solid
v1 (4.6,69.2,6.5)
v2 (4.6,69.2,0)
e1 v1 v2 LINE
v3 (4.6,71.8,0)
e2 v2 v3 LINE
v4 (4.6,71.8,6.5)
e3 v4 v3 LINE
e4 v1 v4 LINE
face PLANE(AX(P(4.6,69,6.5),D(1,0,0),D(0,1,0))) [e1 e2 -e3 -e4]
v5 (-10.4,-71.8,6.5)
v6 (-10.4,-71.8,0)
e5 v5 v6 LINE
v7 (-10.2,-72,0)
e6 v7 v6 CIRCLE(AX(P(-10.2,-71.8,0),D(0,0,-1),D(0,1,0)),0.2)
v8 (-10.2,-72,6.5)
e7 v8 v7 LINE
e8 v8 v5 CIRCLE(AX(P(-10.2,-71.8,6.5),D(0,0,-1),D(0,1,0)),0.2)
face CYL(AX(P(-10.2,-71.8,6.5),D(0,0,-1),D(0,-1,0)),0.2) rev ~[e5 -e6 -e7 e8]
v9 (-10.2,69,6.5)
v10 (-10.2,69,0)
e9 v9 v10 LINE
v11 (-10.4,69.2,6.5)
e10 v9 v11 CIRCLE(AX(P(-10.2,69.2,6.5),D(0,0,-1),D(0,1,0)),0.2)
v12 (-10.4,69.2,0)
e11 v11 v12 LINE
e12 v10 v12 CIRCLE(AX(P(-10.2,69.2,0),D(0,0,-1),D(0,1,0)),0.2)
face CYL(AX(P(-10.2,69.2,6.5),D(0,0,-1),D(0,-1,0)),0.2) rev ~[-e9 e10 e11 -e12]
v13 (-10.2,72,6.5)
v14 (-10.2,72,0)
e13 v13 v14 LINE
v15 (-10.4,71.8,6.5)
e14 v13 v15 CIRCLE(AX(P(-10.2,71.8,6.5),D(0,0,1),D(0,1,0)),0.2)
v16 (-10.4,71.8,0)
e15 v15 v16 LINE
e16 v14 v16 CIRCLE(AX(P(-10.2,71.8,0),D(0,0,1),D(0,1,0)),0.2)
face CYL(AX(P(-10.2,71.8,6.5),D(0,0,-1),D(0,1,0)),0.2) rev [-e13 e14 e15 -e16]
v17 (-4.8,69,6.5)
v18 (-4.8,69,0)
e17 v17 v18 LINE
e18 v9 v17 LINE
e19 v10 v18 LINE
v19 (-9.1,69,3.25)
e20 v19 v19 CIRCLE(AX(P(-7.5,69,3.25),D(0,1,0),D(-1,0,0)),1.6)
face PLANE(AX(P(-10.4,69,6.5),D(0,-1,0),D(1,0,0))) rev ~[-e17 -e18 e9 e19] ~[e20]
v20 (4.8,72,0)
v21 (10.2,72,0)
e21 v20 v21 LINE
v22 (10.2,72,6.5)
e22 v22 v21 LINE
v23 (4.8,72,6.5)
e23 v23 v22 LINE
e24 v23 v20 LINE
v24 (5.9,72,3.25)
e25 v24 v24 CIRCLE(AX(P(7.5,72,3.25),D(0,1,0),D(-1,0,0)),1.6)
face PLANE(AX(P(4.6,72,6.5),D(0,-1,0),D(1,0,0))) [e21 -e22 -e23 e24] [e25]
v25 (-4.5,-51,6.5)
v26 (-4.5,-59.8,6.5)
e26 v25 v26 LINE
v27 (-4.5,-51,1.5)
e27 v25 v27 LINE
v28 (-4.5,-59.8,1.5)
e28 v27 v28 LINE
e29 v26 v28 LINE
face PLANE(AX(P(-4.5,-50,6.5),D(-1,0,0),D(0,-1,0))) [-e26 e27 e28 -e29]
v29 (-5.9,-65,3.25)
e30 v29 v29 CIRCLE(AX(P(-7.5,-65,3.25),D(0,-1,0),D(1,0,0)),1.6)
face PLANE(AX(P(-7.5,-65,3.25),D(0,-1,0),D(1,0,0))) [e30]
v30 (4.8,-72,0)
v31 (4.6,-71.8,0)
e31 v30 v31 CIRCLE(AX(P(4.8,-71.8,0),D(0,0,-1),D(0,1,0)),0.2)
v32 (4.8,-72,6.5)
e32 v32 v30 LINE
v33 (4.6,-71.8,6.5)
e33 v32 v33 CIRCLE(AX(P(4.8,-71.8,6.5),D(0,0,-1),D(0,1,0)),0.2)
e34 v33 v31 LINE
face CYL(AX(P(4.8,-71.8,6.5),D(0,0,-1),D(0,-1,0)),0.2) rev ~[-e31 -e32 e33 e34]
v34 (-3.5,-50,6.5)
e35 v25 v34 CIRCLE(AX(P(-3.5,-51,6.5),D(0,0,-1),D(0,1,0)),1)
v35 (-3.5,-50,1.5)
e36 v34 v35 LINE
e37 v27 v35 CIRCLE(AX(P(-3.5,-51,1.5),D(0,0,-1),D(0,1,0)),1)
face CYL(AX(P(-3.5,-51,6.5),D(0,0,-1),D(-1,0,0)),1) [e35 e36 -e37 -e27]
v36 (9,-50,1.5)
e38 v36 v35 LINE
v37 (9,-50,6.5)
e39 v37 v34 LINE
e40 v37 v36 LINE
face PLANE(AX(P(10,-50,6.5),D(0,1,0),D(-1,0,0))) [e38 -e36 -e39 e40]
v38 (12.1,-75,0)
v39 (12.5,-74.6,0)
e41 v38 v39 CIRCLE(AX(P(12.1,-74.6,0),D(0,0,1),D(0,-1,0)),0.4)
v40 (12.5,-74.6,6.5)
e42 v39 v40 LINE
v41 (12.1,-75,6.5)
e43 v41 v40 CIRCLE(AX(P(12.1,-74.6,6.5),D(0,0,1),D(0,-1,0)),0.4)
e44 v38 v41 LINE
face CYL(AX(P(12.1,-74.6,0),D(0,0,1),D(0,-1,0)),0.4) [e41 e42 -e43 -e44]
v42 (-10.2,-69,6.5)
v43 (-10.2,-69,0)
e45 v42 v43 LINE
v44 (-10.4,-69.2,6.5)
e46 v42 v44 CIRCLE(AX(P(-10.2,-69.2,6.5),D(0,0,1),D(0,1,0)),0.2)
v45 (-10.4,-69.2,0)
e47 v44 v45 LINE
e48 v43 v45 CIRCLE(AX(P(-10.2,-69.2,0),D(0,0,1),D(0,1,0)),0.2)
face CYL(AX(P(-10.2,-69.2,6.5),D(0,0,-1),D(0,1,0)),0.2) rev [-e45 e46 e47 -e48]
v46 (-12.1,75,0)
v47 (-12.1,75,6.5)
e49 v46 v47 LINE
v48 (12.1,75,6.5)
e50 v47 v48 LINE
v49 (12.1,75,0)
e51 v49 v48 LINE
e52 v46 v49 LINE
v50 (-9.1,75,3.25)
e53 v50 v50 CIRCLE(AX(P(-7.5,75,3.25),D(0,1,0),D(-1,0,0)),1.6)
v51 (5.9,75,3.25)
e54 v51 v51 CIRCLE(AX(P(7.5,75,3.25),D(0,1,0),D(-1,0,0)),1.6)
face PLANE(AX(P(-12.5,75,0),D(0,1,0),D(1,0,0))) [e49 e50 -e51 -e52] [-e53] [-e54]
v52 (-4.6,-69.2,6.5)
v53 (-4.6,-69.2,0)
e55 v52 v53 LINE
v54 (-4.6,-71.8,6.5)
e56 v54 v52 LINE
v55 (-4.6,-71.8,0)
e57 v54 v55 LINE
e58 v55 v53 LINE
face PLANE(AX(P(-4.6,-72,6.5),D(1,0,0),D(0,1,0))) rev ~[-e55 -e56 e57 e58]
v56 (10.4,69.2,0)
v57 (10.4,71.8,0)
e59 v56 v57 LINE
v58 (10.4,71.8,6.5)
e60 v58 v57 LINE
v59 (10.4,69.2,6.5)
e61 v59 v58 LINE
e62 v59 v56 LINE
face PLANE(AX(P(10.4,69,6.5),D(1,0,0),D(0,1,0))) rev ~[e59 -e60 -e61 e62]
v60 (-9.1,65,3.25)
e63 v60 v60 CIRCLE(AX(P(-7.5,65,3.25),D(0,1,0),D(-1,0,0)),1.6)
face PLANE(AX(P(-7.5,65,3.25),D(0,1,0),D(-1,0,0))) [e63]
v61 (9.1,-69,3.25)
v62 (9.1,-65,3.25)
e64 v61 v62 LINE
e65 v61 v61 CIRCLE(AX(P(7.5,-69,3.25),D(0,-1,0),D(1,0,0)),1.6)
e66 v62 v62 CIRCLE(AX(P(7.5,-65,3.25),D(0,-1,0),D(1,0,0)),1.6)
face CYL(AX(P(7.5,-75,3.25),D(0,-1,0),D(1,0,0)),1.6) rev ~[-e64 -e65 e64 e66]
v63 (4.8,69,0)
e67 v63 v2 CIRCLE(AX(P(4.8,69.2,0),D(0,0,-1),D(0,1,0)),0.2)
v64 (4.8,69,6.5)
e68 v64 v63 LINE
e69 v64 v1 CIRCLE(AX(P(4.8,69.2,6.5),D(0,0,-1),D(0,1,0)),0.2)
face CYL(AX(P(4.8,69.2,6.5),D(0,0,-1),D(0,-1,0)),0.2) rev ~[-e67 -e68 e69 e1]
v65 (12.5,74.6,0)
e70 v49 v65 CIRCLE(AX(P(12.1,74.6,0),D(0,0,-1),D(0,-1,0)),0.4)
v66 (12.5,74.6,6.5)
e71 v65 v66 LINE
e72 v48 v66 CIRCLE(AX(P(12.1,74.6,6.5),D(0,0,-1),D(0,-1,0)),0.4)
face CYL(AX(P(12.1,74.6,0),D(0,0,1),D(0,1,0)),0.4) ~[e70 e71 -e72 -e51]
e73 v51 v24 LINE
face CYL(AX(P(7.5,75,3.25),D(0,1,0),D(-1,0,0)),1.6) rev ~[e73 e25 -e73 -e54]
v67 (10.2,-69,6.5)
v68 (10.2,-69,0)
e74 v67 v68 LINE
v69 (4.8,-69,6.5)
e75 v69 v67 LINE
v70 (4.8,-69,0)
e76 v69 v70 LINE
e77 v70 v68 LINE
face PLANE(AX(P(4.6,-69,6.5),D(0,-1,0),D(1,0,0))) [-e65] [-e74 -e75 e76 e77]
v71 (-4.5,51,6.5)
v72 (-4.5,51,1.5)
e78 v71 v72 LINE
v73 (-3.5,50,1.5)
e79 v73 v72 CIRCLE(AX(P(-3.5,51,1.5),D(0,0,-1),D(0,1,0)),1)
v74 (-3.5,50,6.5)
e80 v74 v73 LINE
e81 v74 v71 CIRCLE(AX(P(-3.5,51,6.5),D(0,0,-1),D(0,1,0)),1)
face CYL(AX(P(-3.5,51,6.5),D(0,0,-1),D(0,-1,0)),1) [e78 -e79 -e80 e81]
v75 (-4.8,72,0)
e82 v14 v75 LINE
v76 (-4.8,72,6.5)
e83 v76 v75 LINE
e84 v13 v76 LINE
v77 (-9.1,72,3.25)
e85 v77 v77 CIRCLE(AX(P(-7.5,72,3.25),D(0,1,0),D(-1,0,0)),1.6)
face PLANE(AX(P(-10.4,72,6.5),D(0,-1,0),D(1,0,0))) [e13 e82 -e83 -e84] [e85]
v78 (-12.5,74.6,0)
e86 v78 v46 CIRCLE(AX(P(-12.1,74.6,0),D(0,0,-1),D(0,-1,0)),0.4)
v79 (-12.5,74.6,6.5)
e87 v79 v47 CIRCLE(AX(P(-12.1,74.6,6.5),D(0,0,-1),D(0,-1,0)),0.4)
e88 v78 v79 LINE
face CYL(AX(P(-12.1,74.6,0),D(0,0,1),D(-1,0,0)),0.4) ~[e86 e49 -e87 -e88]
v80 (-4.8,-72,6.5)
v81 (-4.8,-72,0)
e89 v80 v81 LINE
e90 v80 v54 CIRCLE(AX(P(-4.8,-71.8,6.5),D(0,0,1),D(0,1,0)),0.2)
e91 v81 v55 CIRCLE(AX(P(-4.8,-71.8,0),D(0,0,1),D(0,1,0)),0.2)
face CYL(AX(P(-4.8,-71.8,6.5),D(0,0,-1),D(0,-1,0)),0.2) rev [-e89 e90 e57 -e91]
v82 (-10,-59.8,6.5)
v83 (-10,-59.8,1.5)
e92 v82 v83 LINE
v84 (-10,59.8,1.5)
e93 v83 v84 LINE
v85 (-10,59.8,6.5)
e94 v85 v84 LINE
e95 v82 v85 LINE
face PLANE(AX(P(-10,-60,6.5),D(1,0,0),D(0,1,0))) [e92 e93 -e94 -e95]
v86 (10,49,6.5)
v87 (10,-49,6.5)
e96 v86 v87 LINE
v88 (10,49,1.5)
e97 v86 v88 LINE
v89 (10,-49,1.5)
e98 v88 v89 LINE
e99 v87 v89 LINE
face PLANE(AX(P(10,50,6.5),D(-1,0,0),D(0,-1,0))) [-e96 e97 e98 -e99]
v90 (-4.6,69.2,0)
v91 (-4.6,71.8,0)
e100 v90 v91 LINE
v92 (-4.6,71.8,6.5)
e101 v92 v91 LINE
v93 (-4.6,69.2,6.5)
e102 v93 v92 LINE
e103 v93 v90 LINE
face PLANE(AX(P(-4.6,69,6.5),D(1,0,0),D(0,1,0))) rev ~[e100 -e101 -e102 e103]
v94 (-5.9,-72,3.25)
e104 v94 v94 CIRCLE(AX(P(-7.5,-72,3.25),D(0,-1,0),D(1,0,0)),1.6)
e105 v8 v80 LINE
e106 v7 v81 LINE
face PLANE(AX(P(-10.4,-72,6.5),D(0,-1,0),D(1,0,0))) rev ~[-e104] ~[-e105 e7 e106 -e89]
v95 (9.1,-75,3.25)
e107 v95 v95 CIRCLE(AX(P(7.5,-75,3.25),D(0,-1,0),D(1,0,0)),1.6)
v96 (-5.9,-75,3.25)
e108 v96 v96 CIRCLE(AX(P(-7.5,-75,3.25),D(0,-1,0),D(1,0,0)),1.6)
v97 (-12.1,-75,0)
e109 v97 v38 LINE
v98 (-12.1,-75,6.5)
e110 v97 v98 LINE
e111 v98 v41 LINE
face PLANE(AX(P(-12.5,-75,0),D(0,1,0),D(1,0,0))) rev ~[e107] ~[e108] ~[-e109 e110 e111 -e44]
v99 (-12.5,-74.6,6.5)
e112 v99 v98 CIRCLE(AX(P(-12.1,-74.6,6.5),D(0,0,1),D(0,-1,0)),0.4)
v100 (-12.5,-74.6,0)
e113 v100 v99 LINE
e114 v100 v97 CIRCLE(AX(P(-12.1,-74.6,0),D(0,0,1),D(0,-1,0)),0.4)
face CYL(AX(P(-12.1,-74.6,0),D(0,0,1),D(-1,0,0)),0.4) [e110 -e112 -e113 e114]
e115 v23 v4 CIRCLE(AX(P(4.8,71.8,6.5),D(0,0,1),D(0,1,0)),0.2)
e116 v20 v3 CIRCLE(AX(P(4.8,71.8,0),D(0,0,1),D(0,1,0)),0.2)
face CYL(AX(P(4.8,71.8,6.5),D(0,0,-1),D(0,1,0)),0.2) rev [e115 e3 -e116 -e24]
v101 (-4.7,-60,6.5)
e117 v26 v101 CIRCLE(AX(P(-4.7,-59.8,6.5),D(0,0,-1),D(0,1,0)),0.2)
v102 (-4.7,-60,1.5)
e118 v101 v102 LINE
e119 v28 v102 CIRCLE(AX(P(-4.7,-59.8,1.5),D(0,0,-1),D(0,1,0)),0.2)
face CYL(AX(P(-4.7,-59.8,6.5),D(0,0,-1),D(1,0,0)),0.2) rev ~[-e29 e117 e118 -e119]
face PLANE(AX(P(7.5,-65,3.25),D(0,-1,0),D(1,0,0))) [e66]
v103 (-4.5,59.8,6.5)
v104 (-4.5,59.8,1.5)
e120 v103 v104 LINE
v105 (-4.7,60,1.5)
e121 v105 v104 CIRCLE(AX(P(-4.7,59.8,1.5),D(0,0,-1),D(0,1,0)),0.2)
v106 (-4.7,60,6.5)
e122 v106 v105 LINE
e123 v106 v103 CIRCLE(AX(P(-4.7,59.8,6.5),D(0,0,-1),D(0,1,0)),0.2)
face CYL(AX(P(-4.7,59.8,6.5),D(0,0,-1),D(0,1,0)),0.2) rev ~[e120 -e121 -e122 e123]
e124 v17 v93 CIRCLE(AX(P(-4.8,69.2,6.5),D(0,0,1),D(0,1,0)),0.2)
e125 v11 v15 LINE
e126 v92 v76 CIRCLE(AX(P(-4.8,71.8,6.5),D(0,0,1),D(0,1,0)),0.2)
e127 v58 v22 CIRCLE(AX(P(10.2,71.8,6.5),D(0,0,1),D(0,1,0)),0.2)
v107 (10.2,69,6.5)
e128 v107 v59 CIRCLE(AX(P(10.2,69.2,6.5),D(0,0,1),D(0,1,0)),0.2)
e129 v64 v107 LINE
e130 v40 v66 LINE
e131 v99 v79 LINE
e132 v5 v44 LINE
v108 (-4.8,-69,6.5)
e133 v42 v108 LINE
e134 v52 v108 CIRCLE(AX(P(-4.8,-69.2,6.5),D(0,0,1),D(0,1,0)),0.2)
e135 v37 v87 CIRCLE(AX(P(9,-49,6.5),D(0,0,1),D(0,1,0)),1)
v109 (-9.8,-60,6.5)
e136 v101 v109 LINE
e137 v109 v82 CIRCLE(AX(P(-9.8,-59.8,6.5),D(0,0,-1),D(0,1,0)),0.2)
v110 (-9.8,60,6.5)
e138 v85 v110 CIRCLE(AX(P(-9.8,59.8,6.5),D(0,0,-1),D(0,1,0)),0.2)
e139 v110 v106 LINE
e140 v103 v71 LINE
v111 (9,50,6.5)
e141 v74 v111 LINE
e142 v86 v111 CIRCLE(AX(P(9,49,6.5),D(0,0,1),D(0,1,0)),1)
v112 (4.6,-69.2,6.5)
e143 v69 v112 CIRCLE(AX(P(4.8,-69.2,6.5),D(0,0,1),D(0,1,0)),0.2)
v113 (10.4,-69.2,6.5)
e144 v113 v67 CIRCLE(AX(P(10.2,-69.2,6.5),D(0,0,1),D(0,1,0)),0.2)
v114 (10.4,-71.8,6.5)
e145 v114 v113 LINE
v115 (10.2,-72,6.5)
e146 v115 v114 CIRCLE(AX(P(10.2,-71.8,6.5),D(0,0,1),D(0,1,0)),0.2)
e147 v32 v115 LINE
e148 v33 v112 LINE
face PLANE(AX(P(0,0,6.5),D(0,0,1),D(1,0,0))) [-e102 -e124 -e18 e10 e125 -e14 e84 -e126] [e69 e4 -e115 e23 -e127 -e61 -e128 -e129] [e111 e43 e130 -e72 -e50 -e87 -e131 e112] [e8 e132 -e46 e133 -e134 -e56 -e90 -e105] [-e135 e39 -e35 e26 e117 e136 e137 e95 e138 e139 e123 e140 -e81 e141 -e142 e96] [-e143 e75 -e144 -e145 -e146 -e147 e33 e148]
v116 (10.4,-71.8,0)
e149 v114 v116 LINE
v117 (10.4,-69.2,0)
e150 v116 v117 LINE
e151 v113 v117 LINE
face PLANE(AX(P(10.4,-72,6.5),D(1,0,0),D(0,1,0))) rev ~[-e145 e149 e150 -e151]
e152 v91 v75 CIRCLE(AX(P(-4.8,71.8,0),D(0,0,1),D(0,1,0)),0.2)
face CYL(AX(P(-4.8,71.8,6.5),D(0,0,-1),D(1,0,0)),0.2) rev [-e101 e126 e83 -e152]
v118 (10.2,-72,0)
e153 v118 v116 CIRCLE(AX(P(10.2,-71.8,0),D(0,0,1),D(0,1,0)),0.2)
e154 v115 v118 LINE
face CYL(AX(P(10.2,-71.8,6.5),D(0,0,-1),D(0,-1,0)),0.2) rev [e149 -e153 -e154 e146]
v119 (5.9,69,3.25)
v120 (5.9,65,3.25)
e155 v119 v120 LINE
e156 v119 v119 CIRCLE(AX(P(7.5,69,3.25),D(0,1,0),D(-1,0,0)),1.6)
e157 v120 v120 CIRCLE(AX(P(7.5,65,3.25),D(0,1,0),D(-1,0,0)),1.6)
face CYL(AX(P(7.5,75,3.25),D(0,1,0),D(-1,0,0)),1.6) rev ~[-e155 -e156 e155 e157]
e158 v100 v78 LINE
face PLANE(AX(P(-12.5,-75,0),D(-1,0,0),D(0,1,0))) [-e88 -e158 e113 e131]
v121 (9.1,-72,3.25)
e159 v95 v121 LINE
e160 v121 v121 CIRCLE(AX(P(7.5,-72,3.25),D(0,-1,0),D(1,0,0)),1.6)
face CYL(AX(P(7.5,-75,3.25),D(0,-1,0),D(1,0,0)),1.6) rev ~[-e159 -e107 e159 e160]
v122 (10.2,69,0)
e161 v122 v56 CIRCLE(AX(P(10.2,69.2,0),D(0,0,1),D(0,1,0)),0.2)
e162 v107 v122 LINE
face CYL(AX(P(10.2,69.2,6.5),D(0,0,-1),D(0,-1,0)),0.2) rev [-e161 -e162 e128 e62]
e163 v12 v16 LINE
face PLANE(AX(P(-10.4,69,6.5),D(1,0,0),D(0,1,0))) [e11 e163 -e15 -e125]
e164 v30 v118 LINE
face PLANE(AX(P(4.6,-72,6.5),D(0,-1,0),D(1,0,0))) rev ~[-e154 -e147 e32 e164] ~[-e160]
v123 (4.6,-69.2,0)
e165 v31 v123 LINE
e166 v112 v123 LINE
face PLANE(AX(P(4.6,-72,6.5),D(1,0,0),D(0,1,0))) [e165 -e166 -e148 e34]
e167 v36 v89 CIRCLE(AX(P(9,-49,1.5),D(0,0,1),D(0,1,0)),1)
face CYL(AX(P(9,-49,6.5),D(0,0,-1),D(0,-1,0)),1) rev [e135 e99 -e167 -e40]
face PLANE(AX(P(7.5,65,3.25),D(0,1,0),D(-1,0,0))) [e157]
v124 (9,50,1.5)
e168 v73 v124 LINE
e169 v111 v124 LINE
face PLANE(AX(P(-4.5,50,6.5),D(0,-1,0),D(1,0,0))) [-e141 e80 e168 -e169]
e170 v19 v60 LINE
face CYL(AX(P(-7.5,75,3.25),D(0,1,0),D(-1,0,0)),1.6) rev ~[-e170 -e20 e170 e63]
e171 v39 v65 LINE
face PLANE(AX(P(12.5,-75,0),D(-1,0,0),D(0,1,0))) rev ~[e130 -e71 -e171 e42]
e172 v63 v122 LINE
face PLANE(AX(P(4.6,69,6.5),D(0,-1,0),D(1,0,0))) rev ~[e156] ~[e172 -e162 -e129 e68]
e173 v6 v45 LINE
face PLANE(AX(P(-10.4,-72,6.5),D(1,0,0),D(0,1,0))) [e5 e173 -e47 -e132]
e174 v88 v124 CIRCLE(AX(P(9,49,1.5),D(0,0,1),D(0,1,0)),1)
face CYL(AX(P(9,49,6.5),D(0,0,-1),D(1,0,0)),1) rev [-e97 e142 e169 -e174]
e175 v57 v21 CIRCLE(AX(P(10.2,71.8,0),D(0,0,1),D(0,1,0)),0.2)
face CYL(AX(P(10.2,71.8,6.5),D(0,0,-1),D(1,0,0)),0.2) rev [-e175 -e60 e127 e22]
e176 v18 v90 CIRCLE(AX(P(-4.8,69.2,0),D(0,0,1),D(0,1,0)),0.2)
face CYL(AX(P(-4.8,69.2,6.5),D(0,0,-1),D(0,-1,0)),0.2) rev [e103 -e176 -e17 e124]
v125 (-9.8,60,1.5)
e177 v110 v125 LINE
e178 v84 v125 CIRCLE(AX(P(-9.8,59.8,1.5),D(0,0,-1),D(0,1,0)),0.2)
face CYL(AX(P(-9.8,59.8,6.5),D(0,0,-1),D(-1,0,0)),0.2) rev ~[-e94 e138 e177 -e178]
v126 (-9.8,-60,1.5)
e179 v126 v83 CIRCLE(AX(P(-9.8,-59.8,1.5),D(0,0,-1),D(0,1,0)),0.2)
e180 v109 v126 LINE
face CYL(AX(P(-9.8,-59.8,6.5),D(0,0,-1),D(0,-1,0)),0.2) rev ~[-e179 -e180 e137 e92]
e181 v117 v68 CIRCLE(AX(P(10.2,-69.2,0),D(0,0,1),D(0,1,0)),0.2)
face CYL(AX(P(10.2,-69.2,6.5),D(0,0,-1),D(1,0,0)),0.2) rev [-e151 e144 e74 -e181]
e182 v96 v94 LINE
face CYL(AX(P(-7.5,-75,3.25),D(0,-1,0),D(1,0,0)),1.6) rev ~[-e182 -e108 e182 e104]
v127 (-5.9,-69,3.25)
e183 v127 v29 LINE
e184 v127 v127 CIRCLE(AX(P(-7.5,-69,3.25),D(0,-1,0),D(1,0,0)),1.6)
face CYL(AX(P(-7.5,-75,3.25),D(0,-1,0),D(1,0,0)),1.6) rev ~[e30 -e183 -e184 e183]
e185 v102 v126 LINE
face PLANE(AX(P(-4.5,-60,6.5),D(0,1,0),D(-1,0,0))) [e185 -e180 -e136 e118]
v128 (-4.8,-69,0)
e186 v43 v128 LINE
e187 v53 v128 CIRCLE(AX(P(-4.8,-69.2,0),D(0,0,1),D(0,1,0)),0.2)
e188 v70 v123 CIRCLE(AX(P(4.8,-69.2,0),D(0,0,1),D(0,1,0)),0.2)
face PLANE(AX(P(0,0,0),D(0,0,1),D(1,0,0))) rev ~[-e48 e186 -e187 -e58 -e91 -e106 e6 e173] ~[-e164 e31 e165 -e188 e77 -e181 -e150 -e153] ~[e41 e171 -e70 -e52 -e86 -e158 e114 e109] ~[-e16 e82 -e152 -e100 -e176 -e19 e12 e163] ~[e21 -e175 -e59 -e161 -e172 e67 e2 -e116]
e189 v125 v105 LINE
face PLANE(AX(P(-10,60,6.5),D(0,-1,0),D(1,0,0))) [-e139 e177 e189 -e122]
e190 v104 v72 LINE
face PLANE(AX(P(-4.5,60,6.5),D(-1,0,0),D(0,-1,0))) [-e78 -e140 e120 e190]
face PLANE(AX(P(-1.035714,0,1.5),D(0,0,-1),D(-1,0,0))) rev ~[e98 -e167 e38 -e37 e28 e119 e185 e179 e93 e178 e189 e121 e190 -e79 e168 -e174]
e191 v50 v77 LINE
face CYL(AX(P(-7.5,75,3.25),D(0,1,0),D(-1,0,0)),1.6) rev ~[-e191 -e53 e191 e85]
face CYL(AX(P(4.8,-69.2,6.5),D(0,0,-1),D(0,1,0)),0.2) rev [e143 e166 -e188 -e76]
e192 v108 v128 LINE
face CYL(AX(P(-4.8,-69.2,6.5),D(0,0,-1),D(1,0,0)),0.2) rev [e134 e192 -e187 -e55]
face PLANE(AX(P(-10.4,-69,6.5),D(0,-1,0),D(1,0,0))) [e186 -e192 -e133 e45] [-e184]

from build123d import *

# Parameters (mm, degrees)
SKETCH_W        = 25
SKETCH_H        = 150
PAD_DEPTH       = 6.5
SKETCH001_R     = 1.6
POCKET_DEPTH    = 10
SKETCH002_R     = 1.6
POCKET001_DEPTH = 10
SKETCH003_W     = 5.8
SKETCH003_H     = 3
POCKET002_DEPTH = 6.5
FILLET_R        = 0.4
FILLET001_R     = 0.2
POCKET003_DEPTH = 5
FILLET002_R     = 1
FILLET003_R     = 0.2


with BuildPart() as part:
    # Sketch → Pad (new body)
    with BuildSketch(Plane.XY):
        Rectangle(SKETCH_W, SKETCH_H)
    extrude(amount=PAD_DEPTH)

    # Sketch001 (on Face3 of Pad) → Pocket (cut)
    with BuildSketch(Plane.XZ.offset(75)):
        with Locations((-7.5, 3.25)):
            Circle(SKETCH001_R)
        with Locations((7.5, 3.25)):
            Circle(SKETCH001_R)
    extrude(amount=-POCKET_DEPTH, mode=Mode.SUBTRACT)

    # Sketch002 (on Face1 of Pocket) → Pocket001 (cut)
    with BuildSketch(Plane(origin=(0, 75, 0), x_dir=(-1, 0, 0), z_dir=(0, 1, 0))):
        with Locations((-7.5, 3.25)):
            Circle(SKETCH002_R)
        with Locations((7.5, 3.25)):
            Circle(SKETCH002_R)
    extrude(amount=-POCKET001_DEPTH, mode=Mode.SUBTRACT)

    # Sketch003 (on Face4 of Pocket001) → Pocket002 (cut)
    with BuildSketch(Plane.XY.offset(6.5)):
        with Locations((-7.5, 70.5)):
            Rectangle(SKETCH003_W, SKETCH003_H)
        with Locations((7.5, 70.5)):
            Rectangle(SKETCH003_W, SKETCH003_H)
        with Locations((-7.5, -70.5)):
            Rectangle(SKETCH003_W, SKETCH003_H)
        with Locations((7.5, -70.5)):
            Rectangle(SKETCH003_W, SKETCH003_H)
    extrude(amount=-POCKET002_DEPTH, mode=Mode.SUBTRACT)

    # Fillet
    fillet_edges = [part.edges().sort_by_distance(p)[0] for p in [
        (-12.5, -75, 3.25),
        (12.5, -75, 3.25),
        (12.5, 75, 3.25),
        (-12.5, 75, 3.25),
    ]]
    fillet(fillet_edges, radius=FILLET_R)

    # Fillet001
    fillet001_edges = [part.edges().sort_by_distance(p)[0] for p in [
        (-10.4, 72, 3.25),
        (4.6, 72, 3.25),
        (-10.4, -69, 3.25),
        (4.6, -69, 3.25),
        (-4.6, -69, 3.25),
        (10.4, -69, 3.25),
        (-4.6, 72, 3.25),
        (10.4, 72, 3.25),
        (10.4, 69, 3.25),
        (-4.6, 69, 3.25),
        (10.4, -72, 3.25),
        (-4.6, -72, 3.25),
        (-10.4, -72, 3.25),
        (4.6, -72, 3.25),
        (-10.4, 69, 3.25),
        (4.6, 69, 3.25),
    ]]
    fillet(fillet001_edges, radius=FILLET001_R)

    # Sketch004 (on Face42 of Fillet001) → Pocket003 (cut)
    with BuildSketch(Plane.XY.offset(6.5)):
        Polygon((-10, -60), (-10, 60), (-4.5, 60), (-4.5, 50), (10, 50), (10, -50), (-4.5, -50), (-4.5, -60), align=None)
    extrude(amount=-POCKET003_DEPTH, mode=Mode.SUBTRACT)

    # Fillet002
    fillet002_edges = [part.edges().sort_by_distance(p)[0] for p in [
        (-4.5, 50, 4),
        (10, 50, 4),
        (-4.5, -50, 4),
        (10, -50, 4),
    ]]
    fillet(fillet002_edges, radius=FILLET002_R)

    # Fillet003
    fillet003_edges = [part.edges().sort_by_distance(p)[0] for p in [
        (-4.5, 60, 4),
        (-10, 60, 4),
        (-4.5, -60, 4),
        (-10, -60, 4),
    ]]
    fillet(fillet003_edges, radius=FILLET003_R)


solid = part.part
